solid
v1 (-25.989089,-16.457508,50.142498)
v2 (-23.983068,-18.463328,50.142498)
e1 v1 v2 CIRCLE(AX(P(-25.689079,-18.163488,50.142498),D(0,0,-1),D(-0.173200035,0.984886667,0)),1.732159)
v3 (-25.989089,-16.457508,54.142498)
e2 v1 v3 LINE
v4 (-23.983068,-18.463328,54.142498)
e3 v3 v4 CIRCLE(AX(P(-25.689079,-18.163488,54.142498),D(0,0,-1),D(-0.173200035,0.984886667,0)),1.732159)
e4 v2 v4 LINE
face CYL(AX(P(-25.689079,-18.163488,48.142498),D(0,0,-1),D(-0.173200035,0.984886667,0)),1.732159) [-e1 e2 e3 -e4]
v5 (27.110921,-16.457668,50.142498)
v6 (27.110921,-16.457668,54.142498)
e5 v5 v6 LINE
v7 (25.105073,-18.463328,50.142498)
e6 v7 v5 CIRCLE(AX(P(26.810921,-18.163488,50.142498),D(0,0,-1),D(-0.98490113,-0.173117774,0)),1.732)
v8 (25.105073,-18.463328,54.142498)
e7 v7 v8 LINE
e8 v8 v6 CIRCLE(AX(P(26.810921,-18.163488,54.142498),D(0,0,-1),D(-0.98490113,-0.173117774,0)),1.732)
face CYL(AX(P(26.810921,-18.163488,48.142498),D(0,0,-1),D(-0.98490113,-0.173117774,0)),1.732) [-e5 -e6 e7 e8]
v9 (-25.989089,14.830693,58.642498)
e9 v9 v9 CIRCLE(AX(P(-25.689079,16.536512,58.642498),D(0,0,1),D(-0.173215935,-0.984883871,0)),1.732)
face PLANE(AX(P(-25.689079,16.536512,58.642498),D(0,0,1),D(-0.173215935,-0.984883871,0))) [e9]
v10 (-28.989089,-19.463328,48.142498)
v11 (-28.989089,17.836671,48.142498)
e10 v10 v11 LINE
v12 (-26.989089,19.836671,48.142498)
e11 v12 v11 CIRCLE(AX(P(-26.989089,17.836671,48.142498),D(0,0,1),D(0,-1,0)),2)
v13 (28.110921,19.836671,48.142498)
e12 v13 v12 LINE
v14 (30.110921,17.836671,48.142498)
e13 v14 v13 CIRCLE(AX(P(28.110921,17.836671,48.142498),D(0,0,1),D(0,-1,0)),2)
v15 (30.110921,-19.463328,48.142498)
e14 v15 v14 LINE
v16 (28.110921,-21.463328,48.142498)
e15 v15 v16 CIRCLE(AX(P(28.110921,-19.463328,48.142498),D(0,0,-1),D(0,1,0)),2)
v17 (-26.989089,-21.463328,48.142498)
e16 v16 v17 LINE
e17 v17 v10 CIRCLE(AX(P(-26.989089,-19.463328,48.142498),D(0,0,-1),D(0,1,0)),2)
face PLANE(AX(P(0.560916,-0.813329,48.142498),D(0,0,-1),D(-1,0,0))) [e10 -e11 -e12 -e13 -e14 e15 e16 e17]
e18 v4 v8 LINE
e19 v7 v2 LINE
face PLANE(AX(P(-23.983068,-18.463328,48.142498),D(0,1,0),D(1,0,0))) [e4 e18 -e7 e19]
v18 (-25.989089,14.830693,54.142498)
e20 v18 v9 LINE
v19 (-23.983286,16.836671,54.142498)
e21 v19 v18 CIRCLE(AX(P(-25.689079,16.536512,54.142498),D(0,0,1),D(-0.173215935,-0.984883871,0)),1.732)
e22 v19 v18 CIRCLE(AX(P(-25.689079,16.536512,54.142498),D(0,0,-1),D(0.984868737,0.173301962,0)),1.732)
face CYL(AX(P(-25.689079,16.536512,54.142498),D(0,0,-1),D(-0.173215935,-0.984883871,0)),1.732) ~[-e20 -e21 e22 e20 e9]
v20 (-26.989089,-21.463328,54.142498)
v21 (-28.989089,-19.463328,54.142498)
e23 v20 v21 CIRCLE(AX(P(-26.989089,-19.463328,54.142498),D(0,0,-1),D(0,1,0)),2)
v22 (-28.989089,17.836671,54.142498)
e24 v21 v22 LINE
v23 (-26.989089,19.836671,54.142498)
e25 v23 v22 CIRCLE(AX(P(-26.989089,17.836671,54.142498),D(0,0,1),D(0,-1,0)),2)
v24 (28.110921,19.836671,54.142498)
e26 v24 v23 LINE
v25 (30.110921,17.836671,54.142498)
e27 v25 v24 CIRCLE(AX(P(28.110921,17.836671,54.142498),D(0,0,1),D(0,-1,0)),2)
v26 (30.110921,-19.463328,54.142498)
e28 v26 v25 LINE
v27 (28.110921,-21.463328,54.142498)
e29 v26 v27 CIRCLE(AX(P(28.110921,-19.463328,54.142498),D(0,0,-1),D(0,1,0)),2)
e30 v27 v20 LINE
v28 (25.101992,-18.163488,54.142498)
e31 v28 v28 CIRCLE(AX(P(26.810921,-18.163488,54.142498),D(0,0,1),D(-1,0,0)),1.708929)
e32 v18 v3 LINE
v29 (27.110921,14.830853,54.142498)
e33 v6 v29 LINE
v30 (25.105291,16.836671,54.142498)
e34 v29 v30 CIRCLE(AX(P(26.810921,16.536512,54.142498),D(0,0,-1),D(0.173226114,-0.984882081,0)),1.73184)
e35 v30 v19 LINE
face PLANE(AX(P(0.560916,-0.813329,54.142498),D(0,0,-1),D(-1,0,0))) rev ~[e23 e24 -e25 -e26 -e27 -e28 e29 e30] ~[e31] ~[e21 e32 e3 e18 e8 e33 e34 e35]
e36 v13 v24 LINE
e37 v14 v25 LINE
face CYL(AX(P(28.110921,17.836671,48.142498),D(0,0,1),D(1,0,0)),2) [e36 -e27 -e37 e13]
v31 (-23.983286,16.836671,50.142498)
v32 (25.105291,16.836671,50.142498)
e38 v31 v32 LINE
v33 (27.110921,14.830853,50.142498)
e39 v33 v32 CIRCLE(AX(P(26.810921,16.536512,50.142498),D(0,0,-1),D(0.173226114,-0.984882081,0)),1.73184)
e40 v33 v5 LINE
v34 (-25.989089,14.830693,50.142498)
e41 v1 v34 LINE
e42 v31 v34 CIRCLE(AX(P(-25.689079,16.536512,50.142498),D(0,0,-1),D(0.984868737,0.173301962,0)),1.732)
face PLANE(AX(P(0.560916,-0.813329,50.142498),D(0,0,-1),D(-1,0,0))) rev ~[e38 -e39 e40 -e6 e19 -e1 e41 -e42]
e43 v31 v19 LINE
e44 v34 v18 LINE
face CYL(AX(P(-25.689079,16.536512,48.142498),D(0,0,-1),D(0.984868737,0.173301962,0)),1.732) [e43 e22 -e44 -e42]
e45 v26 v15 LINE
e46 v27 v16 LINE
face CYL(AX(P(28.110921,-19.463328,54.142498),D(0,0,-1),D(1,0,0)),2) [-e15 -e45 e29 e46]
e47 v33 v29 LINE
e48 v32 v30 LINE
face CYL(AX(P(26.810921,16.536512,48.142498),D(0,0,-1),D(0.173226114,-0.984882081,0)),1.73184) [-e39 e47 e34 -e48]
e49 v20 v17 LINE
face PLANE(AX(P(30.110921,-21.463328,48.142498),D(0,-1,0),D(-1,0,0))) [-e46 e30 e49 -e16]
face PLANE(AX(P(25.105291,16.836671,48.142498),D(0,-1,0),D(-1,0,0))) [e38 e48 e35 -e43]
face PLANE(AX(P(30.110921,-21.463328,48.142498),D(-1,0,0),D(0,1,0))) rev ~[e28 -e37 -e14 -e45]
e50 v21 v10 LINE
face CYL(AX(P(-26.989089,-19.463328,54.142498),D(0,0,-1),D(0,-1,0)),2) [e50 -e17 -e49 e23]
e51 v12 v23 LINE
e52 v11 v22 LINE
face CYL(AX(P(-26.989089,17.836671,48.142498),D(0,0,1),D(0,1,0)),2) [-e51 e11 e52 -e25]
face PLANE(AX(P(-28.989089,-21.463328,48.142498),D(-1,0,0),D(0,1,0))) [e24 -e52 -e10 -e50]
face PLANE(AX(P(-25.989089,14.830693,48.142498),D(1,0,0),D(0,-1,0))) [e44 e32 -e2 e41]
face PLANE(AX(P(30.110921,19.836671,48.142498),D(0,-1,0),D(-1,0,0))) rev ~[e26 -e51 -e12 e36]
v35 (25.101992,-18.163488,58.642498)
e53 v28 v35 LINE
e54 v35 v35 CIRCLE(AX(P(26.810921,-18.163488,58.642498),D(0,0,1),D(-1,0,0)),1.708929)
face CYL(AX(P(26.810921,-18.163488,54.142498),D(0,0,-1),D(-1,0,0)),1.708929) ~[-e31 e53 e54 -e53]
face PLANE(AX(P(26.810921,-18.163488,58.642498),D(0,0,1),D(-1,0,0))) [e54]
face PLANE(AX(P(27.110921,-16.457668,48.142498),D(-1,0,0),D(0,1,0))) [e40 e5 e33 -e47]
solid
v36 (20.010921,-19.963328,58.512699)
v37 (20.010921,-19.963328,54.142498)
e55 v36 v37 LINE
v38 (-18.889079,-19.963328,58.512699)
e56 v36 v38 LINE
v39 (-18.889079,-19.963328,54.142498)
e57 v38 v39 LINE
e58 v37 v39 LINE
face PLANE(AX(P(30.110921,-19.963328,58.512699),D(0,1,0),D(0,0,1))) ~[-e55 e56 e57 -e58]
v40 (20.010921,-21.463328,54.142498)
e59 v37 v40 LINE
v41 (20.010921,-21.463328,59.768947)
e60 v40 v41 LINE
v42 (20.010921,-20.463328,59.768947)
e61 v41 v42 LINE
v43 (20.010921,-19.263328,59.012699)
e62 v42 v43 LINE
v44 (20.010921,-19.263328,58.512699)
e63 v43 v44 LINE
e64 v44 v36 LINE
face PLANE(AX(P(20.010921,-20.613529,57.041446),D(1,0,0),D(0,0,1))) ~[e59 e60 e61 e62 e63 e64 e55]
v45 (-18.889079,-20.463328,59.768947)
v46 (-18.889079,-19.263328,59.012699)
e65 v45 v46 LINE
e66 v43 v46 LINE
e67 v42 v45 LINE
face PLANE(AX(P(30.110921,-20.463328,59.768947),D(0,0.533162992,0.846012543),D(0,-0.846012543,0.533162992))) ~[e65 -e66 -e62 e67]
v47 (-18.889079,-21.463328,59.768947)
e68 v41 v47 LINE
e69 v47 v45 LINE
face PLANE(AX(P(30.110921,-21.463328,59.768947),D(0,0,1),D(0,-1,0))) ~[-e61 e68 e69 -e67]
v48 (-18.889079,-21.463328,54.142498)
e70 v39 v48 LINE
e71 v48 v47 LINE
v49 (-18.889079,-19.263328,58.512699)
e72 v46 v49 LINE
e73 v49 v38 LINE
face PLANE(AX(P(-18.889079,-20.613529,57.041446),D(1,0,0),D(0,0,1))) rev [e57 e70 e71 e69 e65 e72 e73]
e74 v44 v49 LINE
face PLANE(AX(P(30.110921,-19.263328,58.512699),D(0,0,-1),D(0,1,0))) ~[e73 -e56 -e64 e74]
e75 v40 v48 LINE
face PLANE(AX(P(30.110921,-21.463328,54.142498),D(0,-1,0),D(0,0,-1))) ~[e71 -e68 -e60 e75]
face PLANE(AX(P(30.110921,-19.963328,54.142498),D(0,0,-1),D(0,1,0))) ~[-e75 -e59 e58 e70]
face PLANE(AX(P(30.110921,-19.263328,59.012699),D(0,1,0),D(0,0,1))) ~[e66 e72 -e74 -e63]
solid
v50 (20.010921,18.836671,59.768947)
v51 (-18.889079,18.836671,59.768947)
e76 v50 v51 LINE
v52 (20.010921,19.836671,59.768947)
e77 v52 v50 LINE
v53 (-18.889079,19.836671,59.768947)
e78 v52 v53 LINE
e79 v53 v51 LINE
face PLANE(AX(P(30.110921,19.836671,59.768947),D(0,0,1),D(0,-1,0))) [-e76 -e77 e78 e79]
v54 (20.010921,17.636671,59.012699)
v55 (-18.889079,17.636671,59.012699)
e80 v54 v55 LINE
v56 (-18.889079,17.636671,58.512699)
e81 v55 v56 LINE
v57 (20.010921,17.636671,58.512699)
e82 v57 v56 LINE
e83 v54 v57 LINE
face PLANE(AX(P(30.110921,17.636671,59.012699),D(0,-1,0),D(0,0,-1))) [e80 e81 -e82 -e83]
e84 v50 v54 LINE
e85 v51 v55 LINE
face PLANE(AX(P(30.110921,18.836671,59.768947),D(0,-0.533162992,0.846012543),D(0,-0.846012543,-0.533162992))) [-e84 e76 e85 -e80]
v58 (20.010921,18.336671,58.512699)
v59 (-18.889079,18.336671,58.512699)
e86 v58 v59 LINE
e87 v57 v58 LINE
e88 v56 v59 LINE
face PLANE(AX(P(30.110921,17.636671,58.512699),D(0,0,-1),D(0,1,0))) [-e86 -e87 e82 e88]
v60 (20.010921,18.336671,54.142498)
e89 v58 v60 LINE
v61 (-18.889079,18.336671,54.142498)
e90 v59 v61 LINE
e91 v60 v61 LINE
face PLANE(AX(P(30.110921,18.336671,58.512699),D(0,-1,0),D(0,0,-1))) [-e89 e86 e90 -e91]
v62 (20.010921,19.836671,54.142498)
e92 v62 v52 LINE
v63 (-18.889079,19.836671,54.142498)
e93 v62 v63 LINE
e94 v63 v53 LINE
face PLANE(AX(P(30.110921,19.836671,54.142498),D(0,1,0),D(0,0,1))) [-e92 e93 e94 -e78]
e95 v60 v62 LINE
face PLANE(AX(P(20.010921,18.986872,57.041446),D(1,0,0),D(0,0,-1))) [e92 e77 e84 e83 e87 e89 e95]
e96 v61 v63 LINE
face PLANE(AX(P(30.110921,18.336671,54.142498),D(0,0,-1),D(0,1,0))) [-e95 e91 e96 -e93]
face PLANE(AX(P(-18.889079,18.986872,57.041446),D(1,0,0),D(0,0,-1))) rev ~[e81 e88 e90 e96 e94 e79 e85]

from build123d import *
from build123d.topology import SkipClean

# Parameters (mm, degrees)
SZKIC1_W                    = 59.100010001
SZKIC1_H                    = 41.299998987
DODANIE_WYCI_GNI_CIE1_DEPTH = 6
SZKIC2_W                    = 59.100010001
SZKIC2_H                    = 41.299998987
DODANIE_WYCI_GNI_CIE2_DEPTH = 2
DODANIE_WYCI_GNI_CIE3_DEPTH = 49
WYTNIJ_WYCI_GNI_CIE2_DEPTH  = 10.1
SZKIC10_R                   = 1.708928953
SZKIC10_R_2                 = 1.732000006
DODANIE_WYCI_GNI_CIE4_DEPTH = 4.5
ZAOKR_GLENIE2_R             = 2


with BuildPart() as part:
    # Szkic1 → Dodanie-wyciągnięcie1 (new body)
    with BuildSketch(Plane(origin=(0, 0, 48.142497501), x_dir=(-1, 0, 0), z_dir=(0, 0, -1))):
        with Locations((-0.56091645, -0.813328838)):
            Rectangle(SZKIC1_W, SZKIC1_H)
        with BuildLine():
            ThreePointArc((-27.11092145, 14.830852979), (-25.586268211, 15.311972573), (-25.105290748, 16.836670655))
            Line((-25.105290748, 16.836670655), (23.983285891, 16.836670655))
            ThreePointArc((23.983285891, 16.836670655), (24.464316114, 15.311856195), (25.989088551, 14.830692784))
            Line((25.989088551, 14.830692784), (25.989088551, -16.45750804))
            ThreePointArc((25.989088551, -16.45750804), (24.464318208, -16.938605941), (23.983068356, -18.463328332))
            Line((23.983068356, -18.463328332), (-25.105072686, -18.463328332))
            ThreePointArc((-25.105072686, -18.463328332), (-25.586269943, -16.938721956), (-27.11092145, -16.457667715))
            Line((-27.11092145, -16.457667715), (-27.11092145, 14.830852979))
        make_face(mode=Mode.SUBTRACT)
    extrude(amount=-DODANIE_WYCI_GNI_CIE1_DEPTH)

    # Szkic2 → Dodanie-wyciągnięcie2 (add)
    with BuildSketch(Plane(origin=(0, 0, 48.142497501), x_dir=(-1, 0, 0), z_dir=(0, 0, -1))):
        with Locations((-0.56091645, -0.813328838)):
            Rectangle(SZKIC2_W, SZKIC2_H)
    extrude(amount=-DODANIE_WYCI_GNI_CIE2_DEPTH)

    # Szkic10 → Dodanie-wyciągnięcie4 (add)
    with SkipClean():  # the faces are left unmerged after this step: merging them gives an invalid solid
        with BuildSketch(Plane.XY.offset(54.142497501)):
            with Locations((26.81092145, -18.163488345)):
                Circle(SZKIC10_R)
            with Locations((-25.68907855, 16.536511655)):
                Circle(SZKIC10_R_2)
        extrude(amount=DODANIE_WYCI_GNI_CIE4_DEPTH)

    # Zaokrąglenie2
    zaokr_glenie2_edges = [part.edges().sort_by_distance(p)[0] for p in [
        (-28.989088551, 19.836670655, 51.142497501),
        (30.11092145, 19.836670655, 51.142497501),
        (30.11092145, -21.463328332, 51.142497501),
        (-28.989088551, -21.463328332, 51.142497501),
    ]]
    fillet(zaokr_glenie2_edges, radius=ZAOKR_GLENIE2_R)


with BuildPart() as body_2:
    # Szkic5 → Dodanie-wyciągnięcie3 (new body)
    with BuildSketch(Plane(origin=(30.11092145, 0, 0), x_dir=(0, 0, -1), z_dir=(1, 0, 0))):
        Polygon((-54.142497501, 19.836670655), (-59.768947352, 19.836670655), (-59.768947352, 18.836670655), (-59.012699001, 17.636670655), (-58.512699001, 17.636670655), (-58.512699001, 18.336670655), (-54.142497501, 18.336670655), align=None)
    extrude(amount=-DODANIE_WYCI_GNI_CIE3_DEPTH)

    # Szkic5<2> → Wytnij-wyciągnięcie2 (cut)
    with BuildSketch(Plane(origin=(30.11092145, 0, 0), x_dir=(0, 0, -1), z_dir=(1, 0, 0))):
        Polygon((-54.142497501, 19.836670655), (-59.768947352, 19.836670655), (-59.768947352, 18.836670655), (-59.012699001, 17.636670655), (-58.512699001, 17.636670655), (-58.512699001, 18.336670655), (-54.142497501, 18.336670655), align=None)
    extrude(amount=-WYTNIJ_WYCI_GNI_CIE2_DEPTH, mode=Mode.SUBTRACT)


with BuildPart() as body_3:
    # Lustro3: mirrored copy
    add(body_2.part.mirror(Plane(origin=(0, -0.813328839, 0), x_dir=(0, 0, 1), z_dir=(0, -1, 0))))


solid = Compound([part.part, body_2.part, body_3.part])
